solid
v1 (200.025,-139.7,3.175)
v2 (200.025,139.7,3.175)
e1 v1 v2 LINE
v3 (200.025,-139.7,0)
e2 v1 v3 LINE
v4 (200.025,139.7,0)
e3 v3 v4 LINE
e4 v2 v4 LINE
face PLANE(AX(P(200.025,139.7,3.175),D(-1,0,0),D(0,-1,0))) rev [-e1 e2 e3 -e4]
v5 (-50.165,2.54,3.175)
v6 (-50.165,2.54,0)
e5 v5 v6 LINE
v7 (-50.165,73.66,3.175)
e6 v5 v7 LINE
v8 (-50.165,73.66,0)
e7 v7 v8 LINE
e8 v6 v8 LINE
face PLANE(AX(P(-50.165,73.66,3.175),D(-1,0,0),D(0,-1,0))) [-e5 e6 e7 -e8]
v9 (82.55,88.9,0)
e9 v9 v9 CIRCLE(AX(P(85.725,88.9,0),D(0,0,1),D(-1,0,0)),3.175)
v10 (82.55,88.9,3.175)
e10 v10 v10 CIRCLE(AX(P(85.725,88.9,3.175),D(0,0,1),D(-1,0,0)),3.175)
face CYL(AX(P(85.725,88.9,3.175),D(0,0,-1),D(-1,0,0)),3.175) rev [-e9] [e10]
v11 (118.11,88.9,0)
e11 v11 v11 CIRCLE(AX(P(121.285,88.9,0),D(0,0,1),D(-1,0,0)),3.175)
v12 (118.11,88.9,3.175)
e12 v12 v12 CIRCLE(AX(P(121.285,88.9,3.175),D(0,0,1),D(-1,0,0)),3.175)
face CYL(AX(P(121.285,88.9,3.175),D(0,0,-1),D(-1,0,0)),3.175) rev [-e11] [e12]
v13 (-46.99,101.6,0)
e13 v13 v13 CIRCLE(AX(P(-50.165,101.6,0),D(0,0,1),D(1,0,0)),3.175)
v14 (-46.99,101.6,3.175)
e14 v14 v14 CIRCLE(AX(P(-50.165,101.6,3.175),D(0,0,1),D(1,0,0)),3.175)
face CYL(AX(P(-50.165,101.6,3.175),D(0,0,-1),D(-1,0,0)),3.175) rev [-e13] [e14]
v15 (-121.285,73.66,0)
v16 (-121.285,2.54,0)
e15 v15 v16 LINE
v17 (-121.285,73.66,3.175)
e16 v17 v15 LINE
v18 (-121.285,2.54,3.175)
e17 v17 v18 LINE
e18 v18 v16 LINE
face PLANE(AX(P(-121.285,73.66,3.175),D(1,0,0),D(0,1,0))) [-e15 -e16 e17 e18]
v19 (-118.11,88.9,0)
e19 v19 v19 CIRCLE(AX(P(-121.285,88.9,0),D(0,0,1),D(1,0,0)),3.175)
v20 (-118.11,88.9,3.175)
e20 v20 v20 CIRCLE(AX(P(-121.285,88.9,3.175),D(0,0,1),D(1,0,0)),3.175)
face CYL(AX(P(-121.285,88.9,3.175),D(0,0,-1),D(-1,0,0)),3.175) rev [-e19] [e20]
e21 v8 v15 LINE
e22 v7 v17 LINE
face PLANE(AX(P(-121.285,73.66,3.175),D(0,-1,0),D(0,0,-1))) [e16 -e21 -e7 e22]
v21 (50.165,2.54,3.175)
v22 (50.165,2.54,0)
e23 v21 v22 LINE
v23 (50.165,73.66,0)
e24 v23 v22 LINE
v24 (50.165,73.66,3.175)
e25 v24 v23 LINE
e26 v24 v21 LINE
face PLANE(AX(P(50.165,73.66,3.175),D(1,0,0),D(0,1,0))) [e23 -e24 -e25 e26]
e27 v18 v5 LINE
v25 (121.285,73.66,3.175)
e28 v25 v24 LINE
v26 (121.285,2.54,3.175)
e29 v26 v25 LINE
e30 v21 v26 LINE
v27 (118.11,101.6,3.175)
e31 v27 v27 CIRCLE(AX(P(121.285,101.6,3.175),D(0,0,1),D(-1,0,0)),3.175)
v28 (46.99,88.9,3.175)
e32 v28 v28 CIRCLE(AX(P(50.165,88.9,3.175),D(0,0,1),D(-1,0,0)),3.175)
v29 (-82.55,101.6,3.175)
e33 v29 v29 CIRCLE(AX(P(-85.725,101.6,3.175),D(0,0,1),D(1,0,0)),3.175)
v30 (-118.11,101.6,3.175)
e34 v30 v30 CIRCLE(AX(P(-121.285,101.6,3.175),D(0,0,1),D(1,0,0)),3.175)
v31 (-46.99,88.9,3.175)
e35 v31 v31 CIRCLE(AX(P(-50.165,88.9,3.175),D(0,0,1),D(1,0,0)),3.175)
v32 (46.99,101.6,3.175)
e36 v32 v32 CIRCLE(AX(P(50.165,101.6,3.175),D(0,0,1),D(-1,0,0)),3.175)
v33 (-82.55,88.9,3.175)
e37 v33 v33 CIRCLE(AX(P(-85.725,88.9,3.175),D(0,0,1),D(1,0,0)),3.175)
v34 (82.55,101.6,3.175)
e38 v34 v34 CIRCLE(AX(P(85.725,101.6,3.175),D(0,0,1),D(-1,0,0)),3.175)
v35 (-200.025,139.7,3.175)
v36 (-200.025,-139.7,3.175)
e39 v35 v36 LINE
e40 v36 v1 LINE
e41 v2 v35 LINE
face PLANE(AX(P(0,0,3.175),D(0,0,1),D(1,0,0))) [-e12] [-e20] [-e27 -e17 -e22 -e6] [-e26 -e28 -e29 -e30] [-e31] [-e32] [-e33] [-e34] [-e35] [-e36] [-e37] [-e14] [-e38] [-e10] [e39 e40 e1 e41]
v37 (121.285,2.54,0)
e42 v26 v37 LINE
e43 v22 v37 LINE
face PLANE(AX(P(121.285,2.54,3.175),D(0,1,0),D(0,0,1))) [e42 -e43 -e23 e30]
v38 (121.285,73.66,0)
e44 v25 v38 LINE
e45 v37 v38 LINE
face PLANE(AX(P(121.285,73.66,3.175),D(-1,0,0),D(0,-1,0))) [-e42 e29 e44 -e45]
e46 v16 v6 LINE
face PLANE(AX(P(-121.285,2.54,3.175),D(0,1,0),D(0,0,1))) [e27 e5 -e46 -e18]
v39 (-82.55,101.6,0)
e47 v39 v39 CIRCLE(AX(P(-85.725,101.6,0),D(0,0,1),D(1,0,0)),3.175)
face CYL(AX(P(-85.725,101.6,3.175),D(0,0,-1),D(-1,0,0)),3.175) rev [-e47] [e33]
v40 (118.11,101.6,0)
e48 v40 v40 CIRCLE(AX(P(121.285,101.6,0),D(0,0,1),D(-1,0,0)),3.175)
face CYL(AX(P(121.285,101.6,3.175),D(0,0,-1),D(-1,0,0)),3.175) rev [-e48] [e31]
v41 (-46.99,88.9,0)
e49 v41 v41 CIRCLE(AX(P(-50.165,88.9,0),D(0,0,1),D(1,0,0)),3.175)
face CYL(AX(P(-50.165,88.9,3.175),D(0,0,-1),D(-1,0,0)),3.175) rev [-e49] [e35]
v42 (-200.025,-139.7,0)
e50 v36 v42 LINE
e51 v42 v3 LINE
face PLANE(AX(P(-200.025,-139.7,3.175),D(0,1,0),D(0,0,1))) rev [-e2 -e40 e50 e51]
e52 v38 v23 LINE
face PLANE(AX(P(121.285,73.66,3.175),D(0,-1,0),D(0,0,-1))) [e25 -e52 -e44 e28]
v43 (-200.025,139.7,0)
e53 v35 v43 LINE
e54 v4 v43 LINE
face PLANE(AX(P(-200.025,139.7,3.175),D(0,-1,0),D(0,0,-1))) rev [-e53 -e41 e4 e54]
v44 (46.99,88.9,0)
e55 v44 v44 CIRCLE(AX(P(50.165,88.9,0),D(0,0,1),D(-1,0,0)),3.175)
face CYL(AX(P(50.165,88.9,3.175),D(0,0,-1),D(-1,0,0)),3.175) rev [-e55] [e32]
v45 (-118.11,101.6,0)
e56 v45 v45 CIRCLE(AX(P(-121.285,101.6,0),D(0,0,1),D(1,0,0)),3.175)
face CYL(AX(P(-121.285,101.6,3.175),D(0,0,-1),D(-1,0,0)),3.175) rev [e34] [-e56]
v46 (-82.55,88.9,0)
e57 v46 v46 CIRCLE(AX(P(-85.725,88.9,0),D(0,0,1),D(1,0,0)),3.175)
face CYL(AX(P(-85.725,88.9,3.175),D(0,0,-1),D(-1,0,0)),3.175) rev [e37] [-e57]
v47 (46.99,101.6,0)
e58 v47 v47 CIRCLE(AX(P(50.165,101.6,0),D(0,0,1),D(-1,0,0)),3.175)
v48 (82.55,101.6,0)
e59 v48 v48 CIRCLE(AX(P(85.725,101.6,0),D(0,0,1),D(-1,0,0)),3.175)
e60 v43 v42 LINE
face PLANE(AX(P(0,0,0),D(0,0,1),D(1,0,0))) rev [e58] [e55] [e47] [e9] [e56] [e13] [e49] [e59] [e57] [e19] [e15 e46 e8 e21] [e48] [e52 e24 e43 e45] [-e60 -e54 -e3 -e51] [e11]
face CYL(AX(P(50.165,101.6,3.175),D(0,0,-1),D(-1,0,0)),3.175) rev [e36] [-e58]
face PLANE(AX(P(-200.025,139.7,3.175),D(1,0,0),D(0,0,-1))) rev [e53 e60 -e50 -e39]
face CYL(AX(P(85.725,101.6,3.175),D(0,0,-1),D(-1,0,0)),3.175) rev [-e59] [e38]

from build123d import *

# Parameters (mm, degrees)
SKETCH1_W           = 400.05
SKETCH1_H           = 279.4
SKETCH1_R           = 3.175
SKETCH1_W_2         = 71.12
SKETCH1_H_2         = 71.12
BOSS_EXTRUDE1_DEPTH = 3.175


with BuildPart() as part:
    # Sketch1 → Boss-Extrude1 (new body)
    with BuildSketch(Plane.XY):
        Rectangle(SKETCH1_W, SKETCH1_H)
        with Locations((-85.725, 88.9)):
            Circle(SKETCH1_R, mode=Mode.SUBTRACT)
        with Locations((-121.285, 88.9)):
            Circle(SKETCH1_R, mode=Mode.SUBTRACT)
        with Locations((-50.165, 88.9)):
            Circle(SKETCH1_R, mode=Mode.SUBTRACT)
        with Locations((-50.165, 101.6)):
            Circle(SKETCH1_R, mode=Mode.SUBTRACT)
        with Locations((-85.725, 101.6)):
            Circle(SKETCH1_R, mode=Mode.SUBTRACT)
        with Locations((-121.285, 101.6)):
            Circle(SKETCH1_R, mode=Mode.SUBTRACT)
        with Locations(Location((121.285, 88.9, 0), (0, 0, 180))):
            Circle(SKETCH1_R, mode=Mode.SUBTRACT)
        with Locations(Location((85.725, 88.9, 0), (0, 0, 180))):
            Circle(SKETCH1_R, mode=Mode.SUBTRACT)
        with Locations(Location((50.165, 88.9, 0), (0, 0, 180))):
            Circle(SKETCH1_R, mode=Mode.SUBTRACT)
        with Locations(Location((50.165, 101.6, 0), (0, 0, 180))):
            Circle(SKETCH1_R, mode=Mode.SUBTRACT)
        with Locations(Location((85.725, 101.6, 0), (0, 0, 180))):
            Circle(SKETCH1_R, mode=Mode.SUBTRACT)
        with Locations(Location((121.285, 101.6, 0), (0, 0, 180))):
            Circle(SKETCH1_R, mode=Mode.SUBTRACT)
        with Locations((-85.725, 38.1)):
            Rectangle(SKETCH1_W_2, SKETCH1_H_2, mode=Mode.SUBTRACT)
        with Locations((85.725, 38.1)):
            Rectangle(SKETCH1_W_2, SKETCH1_H_2, mode=Mode.SUBTRACT)
    extrude(amount=BOSS_EXTRUDE1_DEPTH)


solid = part.part
